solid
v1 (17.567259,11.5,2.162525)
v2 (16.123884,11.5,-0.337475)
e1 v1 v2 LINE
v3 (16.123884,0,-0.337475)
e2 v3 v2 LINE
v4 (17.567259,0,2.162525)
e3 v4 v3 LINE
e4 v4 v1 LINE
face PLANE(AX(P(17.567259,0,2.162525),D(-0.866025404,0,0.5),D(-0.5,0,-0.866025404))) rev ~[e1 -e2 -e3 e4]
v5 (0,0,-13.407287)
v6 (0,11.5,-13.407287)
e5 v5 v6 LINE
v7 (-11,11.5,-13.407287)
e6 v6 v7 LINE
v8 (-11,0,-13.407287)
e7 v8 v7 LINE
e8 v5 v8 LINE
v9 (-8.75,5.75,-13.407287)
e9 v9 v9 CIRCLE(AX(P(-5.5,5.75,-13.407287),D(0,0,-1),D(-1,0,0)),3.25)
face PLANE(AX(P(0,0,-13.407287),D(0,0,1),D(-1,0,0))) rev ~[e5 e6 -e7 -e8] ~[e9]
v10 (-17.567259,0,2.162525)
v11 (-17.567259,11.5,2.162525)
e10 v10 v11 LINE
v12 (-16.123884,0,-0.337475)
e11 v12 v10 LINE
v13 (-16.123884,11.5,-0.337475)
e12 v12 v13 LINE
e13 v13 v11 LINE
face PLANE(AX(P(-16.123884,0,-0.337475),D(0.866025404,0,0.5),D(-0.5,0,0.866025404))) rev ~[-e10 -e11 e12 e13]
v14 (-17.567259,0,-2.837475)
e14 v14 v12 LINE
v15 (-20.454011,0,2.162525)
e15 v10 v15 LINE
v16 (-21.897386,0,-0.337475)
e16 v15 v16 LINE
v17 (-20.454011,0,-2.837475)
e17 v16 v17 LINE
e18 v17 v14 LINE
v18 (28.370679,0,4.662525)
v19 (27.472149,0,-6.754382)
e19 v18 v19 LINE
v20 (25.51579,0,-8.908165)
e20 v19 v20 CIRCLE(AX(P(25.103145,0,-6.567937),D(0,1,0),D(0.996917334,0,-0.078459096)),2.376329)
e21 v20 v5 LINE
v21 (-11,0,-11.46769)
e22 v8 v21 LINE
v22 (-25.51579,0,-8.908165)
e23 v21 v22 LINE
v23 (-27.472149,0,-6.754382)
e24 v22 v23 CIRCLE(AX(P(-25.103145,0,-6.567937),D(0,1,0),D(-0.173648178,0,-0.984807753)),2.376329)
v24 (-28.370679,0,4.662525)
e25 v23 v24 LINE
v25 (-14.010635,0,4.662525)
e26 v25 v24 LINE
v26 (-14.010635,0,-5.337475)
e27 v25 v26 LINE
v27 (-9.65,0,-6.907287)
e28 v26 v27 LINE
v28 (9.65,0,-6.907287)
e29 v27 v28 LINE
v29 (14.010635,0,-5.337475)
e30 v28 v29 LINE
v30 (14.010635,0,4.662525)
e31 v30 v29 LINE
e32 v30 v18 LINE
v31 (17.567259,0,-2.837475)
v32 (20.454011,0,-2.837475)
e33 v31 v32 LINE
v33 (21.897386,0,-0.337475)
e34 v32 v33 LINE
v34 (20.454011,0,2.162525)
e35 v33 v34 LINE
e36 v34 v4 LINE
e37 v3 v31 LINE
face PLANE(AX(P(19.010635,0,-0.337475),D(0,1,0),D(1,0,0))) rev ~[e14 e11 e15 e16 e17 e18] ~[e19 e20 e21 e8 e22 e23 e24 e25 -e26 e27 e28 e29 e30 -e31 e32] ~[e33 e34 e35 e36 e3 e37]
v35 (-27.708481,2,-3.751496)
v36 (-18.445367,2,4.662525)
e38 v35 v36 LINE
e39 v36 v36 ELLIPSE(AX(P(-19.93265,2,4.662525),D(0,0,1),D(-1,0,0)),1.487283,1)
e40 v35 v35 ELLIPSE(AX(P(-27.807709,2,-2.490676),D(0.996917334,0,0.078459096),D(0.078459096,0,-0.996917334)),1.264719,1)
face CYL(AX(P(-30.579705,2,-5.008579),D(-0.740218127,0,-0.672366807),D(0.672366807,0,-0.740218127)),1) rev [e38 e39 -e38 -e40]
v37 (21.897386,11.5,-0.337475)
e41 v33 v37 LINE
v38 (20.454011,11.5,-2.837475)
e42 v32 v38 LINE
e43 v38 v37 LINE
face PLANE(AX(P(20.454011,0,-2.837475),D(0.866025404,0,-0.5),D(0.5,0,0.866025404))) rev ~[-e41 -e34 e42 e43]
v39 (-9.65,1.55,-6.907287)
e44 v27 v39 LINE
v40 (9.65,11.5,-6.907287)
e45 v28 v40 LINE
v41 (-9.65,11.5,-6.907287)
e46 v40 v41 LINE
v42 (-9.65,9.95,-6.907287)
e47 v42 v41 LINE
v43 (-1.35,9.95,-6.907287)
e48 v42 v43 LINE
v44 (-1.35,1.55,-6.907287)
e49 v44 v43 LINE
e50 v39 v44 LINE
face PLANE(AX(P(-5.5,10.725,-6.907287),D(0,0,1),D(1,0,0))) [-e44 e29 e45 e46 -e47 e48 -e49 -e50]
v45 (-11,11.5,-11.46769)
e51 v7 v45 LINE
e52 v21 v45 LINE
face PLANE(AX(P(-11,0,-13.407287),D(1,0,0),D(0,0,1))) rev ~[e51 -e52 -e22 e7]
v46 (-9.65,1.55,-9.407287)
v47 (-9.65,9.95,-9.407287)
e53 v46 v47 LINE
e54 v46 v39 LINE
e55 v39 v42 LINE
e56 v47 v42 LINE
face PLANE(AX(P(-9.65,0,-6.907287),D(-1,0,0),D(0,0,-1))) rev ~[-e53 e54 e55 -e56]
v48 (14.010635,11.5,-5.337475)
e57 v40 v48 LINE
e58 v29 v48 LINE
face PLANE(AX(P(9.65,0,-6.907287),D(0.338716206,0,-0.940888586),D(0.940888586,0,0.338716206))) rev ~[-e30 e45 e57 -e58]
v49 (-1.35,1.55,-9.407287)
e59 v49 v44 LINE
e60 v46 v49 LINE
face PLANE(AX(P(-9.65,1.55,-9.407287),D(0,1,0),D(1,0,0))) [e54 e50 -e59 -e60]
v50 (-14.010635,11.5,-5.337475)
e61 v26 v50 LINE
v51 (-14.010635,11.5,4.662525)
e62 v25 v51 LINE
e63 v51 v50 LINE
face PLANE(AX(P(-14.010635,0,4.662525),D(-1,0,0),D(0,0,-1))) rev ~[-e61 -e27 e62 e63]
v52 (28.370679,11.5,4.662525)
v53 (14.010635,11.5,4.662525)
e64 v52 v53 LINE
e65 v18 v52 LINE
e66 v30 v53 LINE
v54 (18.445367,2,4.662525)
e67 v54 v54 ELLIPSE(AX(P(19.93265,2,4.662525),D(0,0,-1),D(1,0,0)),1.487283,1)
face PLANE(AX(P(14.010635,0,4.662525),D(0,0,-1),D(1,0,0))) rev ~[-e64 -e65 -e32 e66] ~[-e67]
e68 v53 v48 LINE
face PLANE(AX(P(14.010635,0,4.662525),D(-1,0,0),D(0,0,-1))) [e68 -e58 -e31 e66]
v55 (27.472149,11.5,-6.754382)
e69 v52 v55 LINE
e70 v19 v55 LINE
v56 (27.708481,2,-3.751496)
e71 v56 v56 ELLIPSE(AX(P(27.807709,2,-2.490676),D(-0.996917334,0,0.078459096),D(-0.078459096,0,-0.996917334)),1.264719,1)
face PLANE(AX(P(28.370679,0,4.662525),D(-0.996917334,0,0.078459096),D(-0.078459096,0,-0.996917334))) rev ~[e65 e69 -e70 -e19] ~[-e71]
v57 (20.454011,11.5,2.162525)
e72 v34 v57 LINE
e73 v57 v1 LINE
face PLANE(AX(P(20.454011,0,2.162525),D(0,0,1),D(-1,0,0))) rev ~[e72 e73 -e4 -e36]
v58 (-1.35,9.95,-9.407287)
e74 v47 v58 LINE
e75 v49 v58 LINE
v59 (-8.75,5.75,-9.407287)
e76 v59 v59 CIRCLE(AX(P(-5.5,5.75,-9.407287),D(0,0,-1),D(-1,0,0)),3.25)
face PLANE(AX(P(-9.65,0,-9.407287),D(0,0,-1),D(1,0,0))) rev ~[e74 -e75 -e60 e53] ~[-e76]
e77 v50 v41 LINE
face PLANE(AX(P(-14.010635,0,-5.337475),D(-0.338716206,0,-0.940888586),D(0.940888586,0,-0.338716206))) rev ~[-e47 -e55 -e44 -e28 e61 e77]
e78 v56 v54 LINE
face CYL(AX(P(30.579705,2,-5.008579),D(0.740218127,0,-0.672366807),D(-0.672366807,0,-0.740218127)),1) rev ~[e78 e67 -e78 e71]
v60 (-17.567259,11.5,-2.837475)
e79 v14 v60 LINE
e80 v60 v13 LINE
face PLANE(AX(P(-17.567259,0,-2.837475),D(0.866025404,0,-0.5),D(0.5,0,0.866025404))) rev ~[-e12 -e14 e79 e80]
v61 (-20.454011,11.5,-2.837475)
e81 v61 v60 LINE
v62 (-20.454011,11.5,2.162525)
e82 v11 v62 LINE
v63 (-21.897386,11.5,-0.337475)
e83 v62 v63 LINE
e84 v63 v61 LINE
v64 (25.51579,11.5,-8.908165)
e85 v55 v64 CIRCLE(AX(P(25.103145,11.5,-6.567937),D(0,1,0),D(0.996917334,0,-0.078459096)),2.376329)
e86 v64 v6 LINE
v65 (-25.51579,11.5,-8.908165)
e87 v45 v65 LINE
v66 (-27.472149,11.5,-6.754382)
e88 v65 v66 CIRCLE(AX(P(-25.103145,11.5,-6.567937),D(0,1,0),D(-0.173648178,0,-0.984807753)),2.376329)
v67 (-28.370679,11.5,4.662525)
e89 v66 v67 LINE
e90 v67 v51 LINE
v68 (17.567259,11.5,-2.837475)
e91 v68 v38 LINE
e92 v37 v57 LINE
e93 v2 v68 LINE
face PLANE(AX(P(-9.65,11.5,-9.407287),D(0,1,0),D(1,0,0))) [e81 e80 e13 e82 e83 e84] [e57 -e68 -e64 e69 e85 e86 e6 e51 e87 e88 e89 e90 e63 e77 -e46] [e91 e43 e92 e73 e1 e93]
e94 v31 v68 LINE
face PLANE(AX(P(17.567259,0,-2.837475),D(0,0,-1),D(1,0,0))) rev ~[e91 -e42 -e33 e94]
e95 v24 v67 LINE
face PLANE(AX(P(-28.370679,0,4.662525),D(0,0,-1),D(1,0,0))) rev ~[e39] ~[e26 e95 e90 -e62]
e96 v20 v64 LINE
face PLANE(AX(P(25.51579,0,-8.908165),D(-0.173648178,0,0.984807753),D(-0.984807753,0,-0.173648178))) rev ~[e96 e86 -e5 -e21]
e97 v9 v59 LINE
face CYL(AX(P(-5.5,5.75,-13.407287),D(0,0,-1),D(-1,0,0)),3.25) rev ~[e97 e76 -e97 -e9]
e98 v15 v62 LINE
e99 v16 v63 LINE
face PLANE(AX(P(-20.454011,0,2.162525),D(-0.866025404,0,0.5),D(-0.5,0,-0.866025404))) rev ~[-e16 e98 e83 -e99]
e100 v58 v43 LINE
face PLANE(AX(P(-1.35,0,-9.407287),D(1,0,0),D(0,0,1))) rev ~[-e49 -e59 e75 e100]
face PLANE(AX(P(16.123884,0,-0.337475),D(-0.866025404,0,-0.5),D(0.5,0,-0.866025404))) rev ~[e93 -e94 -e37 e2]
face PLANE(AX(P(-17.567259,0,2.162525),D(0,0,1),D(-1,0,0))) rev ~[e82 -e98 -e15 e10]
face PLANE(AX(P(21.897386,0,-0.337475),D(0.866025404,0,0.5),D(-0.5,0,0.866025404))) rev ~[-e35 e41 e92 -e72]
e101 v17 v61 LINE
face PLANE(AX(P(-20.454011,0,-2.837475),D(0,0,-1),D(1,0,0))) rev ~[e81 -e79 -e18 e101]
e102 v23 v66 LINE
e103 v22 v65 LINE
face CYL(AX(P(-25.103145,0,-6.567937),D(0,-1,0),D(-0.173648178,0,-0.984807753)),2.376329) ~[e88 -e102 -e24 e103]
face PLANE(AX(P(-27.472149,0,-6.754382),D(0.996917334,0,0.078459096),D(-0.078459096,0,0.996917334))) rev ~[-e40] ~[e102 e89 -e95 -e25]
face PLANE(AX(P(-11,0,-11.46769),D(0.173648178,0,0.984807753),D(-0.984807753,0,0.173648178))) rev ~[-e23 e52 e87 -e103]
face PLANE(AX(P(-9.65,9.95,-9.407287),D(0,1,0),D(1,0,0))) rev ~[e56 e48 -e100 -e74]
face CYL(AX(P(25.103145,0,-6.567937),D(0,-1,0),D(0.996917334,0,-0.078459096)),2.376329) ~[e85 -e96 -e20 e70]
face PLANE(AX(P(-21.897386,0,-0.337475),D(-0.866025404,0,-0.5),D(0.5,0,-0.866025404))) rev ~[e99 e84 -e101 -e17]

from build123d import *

# Parameters (mm, degrees)
SKETCH1_W           = 10
SKETCH1_H           = 10
BOSS_EXTRUDE1_DEPTH = 11.5
CUT_EXTRUDE1_REACH  = 37.548
SKETCH2_R           = 3.25
SKETCH3_W           = 8.3
SKETCH3_H           = 1.55
BOSS_EXTRUDE2_DEPTH = 2.5
CUT_EXTRUDE2_REACH  = 55.761
SKETCH4_R           = 1


with BuildPart() as part:
    # Sketch1 → Boss-Extrude1 (new body)
    # profile 1 of 4: a face of its own
    with BuildSketch(Plane(origin=(0, 0, 0), x_dir=(1, 0, 0), z_dir=(0, 1, 0))):
        with BuildLine():
            Line((-27.472148501, 6.754381863), (-28.370678518, -4.662524505))
            Line((-28.370678518, -4.662524505), (-24.01063487, -4.662524505))
            Line((-24.01063487, -4.662524505), (-24.01063487, 5.337475495))
            Line((-24.01063487, 5.337475495), (-14.01063487, 5.337475495))
            Line((-14.01063487, 5.337475495), (-9.65, 6.907286969))
            Line((-9.65, 6.907286969), (-9.65, 9.407286969))
            Line((-9.65, 9.407286969), (-1.35, 9.407286969))
            Line((-1.35, 9.407286969), (-1.35, 6.907286969))
            Line((-1.35, 6.907286969), (9.65, 6.907286969))
            Line((9.65, 6.907286969), (14.01063487, 5.337475495))
            Line((14.01063487, 5.337475495), (24.01063487, 5.337475495))
            Line((24.01063487, 5.337475495), (24.01063487, -4.662524505))
            Line((24.01063487, -4.662524505), (28.370678518, -4.662524505))
            Line((28.370678518, -4.662524505), (27.472148501, 6.754381863))
            ThreePointArc((27.472148501, 6.754381863), (26.86214664, 8.165702195), (25.515789835, 8.908164787))
            Line((25.515789835, 8.908164787), (0, 13.407286969))
            Line((0, 13.407286969), (-11, 11.467690181))
            Line((-11, 11.467690181), (-25.515789835, 8.908164787))
            ThreePointArc((-25.515789835, 8.908164787), (-26.86214664, 8.165702195), (-27.472148501, 6.754381863))
        make_face()
    # profile 2 of 4: a face of its own
    with BuildSketch(Plane(origin=(0, 0, 0), x_dir=(1, 0, 0), z_dir=(0, 1, 0))):
        with Locations((-19.01063487, 0.337475495)):
            Rectangle(SKETCH1_W, SKETCH1_H)
        Polygon((-17.567259197, 2.837475495), (-16.123883525, 0.337475495), (-17.567259197, -2.162524505), (-20.454010543, -2.162524505), (-21.897386216, 0.337475495), (-20.454010543, 2.837475495), align=None, mode=Mode.SUBTRACT)
    # profile 3 of 4: a face of its own
    with BuildSketch(Plane(origin=(0, 0, 0), x_dir=(1, 0, 0), z_dir=(0, 1, 0))):
        Polygon((-11, 13.407286969), (-11, 11.467690181), (0, 13.407286969), align=None)
    # profile 4 of 4: a face of its own
    with BuildSketch(Plane(origin=(0, 0, 0), x_dir=(1, 0, 0), z_dir=(0, 1, 0))):
        with Locations((19.01063487, 0.337475495)):
            Rectangle(SKETCH1_W, SKETCH1_H)
        Polygon((20.454010543, 2.837475495), (21.897386216, 0.337475495), (20.454010543, -2.162524505), (17.567259197, -2.162524505), (16.123883525, 0.337475495), (17.567259197, 2.837475495), align=None, mode=Mode.SUBTRACT)
    extrude(amount=BOSS_EXTRUDE1_DEPTH)

    # Sketch2 → Cut-Extrude1 (cut, up to next)
    with BuildSketch(Plane(origin=(0, 0, -13.407286969), x_dir=(-1, 0, 0), z_dir=(0, 0, -1)), mode=Mode.PRIVATE) as cut_extrude1_sk1:
        with Locations((5.5, 5.75)):
            Circle(SKETCH2_R)
    cut_extrude1_tool1 = extrude(cut_extrude1_sk1.sketch, amount=-CUT_EXTRUDE1_REACH, mode=Mode.PRIVATE) & part.part
    add(cut_extrude1_tool1.solids().sort_by_distance((-5.5, 5.75, -13.407287))[0], mode=Mode.SUBTRACT)

    # Sketch3 → Boss-Extrude2 (add)
    with BuildSketch(Plane.XY.offset(-9.407286969)):
        with Locations((-5.5, 10.725)):
            Rectangle(SKETCH3_W, SKETCH3_H)
        with Locations((-5.5, 0.775)):
            Rectangle(SKETCH3_W, SKETCH3_H)
    extrude(amount=BOSS_EXTRUDE2_DEPTH)

    # Cut-Extrude2: up to this plane
    cut_extrude2_end = Plane(origin=(0, 11.5, 4.662524505), z_dir=(0, 0, -1))
    # Sketch4 → Cut-Extrude2 (cut, up to the surface)
    with BuildSketch(Plane(origin=(19.248080096, 0, -17.483724977), x_dir=(-0.6723668074346677, 0, -0.7402181274868325), z_dir=(0.7402181274868325, 0, -0.6723668074346677)), mode=Mode.PRIVATE) as cut_extrude2_sk1:
        with Locations((-16.853337608, 2)):
            Circle(SKETCH4_R)
    cut_extrude2_tool1 = split(extrude(cut_extrude2_sk1.sketch, amount=-CUT_EXTRUDE2_REACH, mode=Mode.PRIVATE), bisect_by=cut_extrude2_end, keep=Keep.BOTH, mode=Mode.PRIVATE)
    cut_extrude2 = cut_extrude2_tool1.solids().sort_by_distance((30.579705, 2, -5.008579))[0]
    add(cut_extrude2, mode=Mode.SUBTRACT)

    # Mirror1: Cut-Extrude2 across plane
    add(cut_extrude2.mirror(Plane(origin=(0, 0, 0), x_dir=(0, 0, 1), z_dir=(1, 0, 0))), mode=Mode.SUBTRACT)


solid = part.part
